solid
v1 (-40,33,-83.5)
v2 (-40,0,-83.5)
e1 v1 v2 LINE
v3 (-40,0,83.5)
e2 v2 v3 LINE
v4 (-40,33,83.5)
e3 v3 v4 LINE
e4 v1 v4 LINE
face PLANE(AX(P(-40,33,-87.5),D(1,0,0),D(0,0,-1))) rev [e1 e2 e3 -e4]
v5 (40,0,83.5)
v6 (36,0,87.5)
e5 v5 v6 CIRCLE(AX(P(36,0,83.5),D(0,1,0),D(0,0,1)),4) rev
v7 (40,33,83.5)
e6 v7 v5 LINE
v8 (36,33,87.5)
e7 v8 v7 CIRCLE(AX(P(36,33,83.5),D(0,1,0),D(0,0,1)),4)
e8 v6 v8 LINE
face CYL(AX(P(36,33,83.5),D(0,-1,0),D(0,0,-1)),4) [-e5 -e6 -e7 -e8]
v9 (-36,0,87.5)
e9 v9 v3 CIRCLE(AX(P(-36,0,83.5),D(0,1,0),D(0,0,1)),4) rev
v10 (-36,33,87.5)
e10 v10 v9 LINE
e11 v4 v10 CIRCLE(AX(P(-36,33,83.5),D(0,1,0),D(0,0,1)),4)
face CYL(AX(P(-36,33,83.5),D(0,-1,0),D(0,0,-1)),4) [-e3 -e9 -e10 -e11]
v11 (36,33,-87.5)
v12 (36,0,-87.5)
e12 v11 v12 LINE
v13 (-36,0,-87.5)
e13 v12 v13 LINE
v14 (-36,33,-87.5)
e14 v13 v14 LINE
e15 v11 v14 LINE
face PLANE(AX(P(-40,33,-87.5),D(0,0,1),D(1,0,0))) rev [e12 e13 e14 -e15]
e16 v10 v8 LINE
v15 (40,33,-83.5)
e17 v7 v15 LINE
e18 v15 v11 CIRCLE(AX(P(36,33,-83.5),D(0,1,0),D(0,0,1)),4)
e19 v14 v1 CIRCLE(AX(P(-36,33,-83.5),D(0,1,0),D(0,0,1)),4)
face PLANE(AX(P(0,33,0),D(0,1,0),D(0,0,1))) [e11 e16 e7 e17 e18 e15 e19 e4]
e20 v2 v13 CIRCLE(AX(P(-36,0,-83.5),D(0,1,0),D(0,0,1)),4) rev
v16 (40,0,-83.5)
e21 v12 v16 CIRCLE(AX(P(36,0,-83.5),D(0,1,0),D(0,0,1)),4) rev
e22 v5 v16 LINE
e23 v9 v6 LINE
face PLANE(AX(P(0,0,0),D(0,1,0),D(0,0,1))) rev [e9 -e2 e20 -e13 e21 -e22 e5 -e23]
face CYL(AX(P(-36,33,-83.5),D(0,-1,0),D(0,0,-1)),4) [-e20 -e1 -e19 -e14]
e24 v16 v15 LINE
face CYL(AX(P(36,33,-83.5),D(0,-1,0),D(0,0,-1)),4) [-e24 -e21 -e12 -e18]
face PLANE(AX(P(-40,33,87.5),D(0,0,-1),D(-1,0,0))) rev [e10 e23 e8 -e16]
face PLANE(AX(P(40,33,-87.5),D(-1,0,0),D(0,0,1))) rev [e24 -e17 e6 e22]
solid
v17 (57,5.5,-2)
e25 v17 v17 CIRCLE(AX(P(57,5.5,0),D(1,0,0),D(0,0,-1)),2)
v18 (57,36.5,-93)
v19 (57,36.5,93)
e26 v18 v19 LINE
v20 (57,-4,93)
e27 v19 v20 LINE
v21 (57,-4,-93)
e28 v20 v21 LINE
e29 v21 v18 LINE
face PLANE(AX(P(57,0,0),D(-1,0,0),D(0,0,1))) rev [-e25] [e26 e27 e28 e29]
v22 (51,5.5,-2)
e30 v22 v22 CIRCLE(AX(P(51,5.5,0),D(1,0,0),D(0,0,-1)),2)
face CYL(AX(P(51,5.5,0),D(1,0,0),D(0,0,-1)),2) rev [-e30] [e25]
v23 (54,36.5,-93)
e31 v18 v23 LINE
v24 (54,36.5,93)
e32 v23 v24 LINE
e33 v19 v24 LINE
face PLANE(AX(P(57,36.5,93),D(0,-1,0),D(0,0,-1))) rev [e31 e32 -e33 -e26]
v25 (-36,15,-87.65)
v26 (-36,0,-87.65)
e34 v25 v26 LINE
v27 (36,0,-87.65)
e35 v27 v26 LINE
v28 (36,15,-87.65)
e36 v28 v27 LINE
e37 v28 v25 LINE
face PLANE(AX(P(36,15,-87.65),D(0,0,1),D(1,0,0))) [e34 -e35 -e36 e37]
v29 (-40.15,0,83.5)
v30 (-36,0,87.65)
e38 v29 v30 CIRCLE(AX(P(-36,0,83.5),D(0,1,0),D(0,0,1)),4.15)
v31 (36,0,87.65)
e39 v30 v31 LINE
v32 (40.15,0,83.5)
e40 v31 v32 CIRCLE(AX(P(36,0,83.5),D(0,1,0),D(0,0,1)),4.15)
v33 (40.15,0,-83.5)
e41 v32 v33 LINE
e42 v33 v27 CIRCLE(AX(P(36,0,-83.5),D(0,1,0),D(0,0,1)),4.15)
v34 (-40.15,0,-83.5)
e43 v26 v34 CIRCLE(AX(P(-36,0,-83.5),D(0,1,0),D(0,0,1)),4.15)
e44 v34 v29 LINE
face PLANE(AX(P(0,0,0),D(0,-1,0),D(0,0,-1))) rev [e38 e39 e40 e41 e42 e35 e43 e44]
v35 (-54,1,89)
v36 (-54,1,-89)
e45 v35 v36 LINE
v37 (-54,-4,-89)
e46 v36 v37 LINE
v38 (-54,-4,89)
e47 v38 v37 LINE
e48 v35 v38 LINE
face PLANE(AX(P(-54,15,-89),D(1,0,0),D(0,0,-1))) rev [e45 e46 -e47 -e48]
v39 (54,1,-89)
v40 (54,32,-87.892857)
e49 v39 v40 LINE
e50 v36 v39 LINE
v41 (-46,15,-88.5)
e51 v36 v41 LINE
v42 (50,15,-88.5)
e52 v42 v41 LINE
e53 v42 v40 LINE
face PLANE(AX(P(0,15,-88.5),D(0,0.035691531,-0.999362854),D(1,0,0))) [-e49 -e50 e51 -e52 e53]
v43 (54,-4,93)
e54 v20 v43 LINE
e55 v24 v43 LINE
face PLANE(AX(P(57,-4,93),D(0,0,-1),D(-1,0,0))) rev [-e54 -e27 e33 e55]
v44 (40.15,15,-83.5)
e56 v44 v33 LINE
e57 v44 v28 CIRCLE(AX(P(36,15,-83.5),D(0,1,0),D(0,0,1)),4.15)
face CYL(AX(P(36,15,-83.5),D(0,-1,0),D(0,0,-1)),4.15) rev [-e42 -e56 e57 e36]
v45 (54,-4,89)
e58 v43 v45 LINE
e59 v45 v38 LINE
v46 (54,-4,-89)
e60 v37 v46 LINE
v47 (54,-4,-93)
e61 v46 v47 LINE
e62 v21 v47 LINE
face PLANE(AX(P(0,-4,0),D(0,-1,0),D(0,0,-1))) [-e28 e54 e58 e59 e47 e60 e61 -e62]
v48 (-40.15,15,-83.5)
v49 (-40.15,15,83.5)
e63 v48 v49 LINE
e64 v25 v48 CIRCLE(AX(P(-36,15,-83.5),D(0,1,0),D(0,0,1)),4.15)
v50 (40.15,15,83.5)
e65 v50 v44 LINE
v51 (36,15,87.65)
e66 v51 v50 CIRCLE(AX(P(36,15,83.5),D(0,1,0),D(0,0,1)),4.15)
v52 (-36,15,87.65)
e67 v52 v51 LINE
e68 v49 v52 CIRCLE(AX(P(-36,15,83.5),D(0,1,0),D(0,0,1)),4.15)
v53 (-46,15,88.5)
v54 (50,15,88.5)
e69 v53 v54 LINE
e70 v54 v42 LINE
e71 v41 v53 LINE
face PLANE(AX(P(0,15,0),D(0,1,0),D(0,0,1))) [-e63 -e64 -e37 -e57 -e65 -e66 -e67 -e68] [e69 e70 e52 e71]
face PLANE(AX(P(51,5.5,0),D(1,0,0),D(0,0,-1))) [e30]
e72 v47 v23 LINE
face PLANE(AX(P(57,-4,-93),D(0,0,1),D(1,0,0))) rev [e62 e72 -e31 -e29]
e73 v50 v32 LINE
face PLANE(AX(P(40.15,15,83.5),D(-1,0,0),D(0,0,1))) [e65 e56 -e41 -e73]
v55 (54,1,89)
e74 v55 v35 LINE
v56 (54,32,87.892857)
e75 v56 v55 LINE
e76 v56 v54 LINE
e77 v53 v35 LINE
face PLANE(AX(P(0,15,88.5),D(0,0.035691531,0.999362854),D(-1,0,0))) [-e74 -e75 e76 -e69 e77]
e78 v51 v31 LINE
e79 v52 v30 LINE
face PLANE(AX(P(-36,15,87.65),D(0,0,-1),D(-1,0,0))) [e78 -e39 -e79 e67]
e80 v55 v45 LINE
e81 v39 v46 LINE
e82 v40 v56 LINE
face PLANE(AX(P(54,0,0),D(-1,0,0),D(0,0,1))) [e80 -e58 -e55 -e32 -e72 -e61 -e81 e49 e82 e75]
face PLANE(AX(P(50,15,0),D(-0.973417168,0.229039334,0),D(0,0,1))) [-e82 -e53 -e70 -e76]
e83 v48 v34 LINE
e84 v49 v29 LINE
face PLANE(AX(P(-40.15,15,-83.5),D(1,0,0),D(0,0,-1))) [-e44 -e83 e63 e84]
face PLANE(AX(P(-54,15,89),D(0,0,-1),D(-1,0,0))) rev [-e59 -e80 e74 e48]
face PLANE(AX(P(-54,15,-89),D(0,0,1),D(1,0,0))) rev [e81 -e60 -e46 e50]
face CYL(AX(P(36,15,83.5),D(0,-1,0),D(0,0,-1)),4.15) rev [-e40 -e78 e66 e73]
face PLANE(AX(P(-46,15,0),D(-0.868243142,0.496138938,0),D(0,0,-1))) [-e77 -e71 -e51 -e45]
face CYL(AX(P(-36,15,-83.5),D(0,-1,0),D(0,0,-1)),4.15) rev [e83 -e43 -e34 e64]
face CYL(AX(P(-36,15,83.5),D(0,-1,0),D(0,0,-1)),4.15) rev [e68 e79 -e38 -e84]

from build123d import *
from OCP.BRepFilletAPI import BRepFilletAPI_MakeChamfer

# Parameters (mm, degrees)
SKETCH1_W           = 80
SKETCH1_H           = 175
BOSS_EXTRUDE1_DEPTH = 33
FILLET1_R           = 4
SKETCH2_W           = 108
SKETCH2_H           = 178
BOSS_EXTRUDE2_DEPTH = 15
SKETCH3_W           = 108
SKETCH3_H           = 178
BOSS_EXTRUDE3_DEPTH = 4
CHAMFER1_SIZE       = 14
CHAMFER1_SIZE2      = 0.5
CHAMFER2_SIZE       = 14
CHAMFER2_SIZE2      = 8
SKETCH8_W           = 186
SKETCH8_H           = 40.5
BOSS_EXTRUDE4_DEPTH = 3
SKETCH9_R           = 2
CUT_EXTRUDE1_DEPTH  = 6
CHAMFER4_SIZE       = 17
CHAMFER4_SIZE2      = 4


with BuildPart() as part:
    # Sketch1 → Boss-Extrude1 (new body)
    with BuildSketch(Plane(origin=(0, 0, 0), x_dir=(1, 0, 0), z_dir=(0, 1, 0))):
        Rectangle(SKETCH1_W, SKETCH1_H)
    extrude(amount=BOSS_EXTRUDE1_DEPTH)

    # Fillet1
    fillet1_edges = [part.edges().sort_by_distance(p)[0] for p in [
        (40, 16.5, 87.5),
        (-40, 16.5, 87.5),
        (-40, 16.5, -87.5),
        (40, 16.5, -87.5),
    ]]
    fillet(fillet1_edges, radius=FILLET1_R)


with BuildPart() as body_2:
    # Sketch2 → Boss-Extrude2 (new body)
    with BuildSketch(Plane(origin=(0, 0, 0), x_dir=(1, 0, 0), z_dir=(0, 1, 0))):
        Rectangle(SKETCH2_W, SKETCH2_H)
        with BuildLine():
            Line((36, 87.65), (-36, 87.65))
            ThreePointArc((-36, 87.65), (-38.934493142, 86.434493142), (-40.15, 83.5))
            Line((-40.15, 83.5), (-40.15, -83.5))
            ThreePointArc((-40.15, -83.5), (-38.934493142, -86.434493142), (-36, -87.65))
            Line((-36, -87.65), (36, -87.65))
            ThreePointArc((36, -87.65), (38.934493142, -86.434493142), (40.15, -83.5))
            Line((40.15, -83.5), (40.15, 83.5))
            ThreePointArc((40.15, 83.5), (38.934493142, 86.434493142), (36, 87.65))
        make_face(mode=Mode.SUBTRACT)
    extrude(amount=BOSS_EXTRUDE2_DEPTH)

    # Sketch3 → Boss-Extrude3 (add)
    with BuildSketch(Plane.XZ):
        Rectangle(SKETCH3_W, SKETCH3_H)
    extrude(amount=BOSS_EXTRUDE3_DEPTH)

    # Chamfer1: one chamfer whose edges measure the first distance from different faces: ONE call of the kernel's chamfer builder (chamfer() names one face for all edges)
    chamfer1_edges_1 = [body_2.edges().sort_by_distance(p)[0] for p in [
        (0, 15, 89),
    ]]
    chamfer1_side_1 = [body_2.faces().sort_by_distance(p)[0] for p in [
        (0, 5.5, 89),
    ]]
    chamfer1_edges_2 = [body_2.edges().sort_by_distance(p)[0] for p in [
        (0, 15, -89),
    ]]
    chamfer1_side_2 = [body_2.faces().sort_by_distance(p)[0] for p in [
        (0, 5.5, -89),
    ]]
    chamfer1 = BRepFilletAPI_MakeChamfer(body_2.part.solid().wrapped)
    for e in chamfer1_edges_1:
        chamfer1.Add(CHAMFER1_SIZE, CHAMFER1_SIZE2, e.wrapped, chamfer1_side_1[0].wrapped)  # the first distance lies on this face
    for e in chamfer1_edges_2:
        chamfer1.Add(CHAMFER1_SIZE, CHAMFER1_SIZE2, e.wrapped, chamfer1_side_2[0].wrapped)  # the first distance lies on this face
    add(Compound.cast(chamfer1.Shape()), mode=Mode.REPLACE)

    # Chamfer2
    chamfer2_edges = [body_2.edges().sort_by_distance(p)[0] for p in [
        (-54, 15, 0),
    ]]
    chamfer2_side = [body_2.faces().sort_by_distance(p)[0] for p in [
        (-54, 5.489975309, 0),
    ]]
    chamfer(chamfer2_edges, length=CHAMFER2_SIZE, length2=CHAMFER2_SIZE2, reference=chamfer2_side[0])

    # Sketch8 → Boss-Extrude4 (add)
    with BuildSketch(Plane(origin=(54, 0, 0), x_dir=(0, 0, -1), z_dir=(1, 0, 0))):
        with Locations((0, 16.25)):
            Rectangle(SKETCH8_W, SKETCH8_H)
    extrude(amount=BOSS_EXTRUDE4_DEPTH)

    # Sketch9 → Cut-Extrude1 (cut)
    with BuildSketch(Plane(origin=(57, 0, 0), x_dir=(0, 0, -1), z_dir=(1, 0, 0))):
        with Locations((0, 5.5)):
            Circle(SKETCH9_R)
    extrude(amount=-CUT_EXTRUDE1_DEPTH, mode=Mode.SUBTRACT)

    # Chamfer4
    chamfer4_edges = [body_2.edges().sort_by_distance(p)[0] for p in [
        (54, 15, 0),
    ]]
    chamfer4_side = [body_2.faces().sort_by_distance(p)[0] for p in [
        (54, 24.983786275, 0),
    ]]
    chamfer(chamfer4_edges, length=CHAMFER4_SIZE, length2=CHAMFER4_SIZE2, reference=chamfer4_side[0])


solid = Compound([part.part, body_2.part])
